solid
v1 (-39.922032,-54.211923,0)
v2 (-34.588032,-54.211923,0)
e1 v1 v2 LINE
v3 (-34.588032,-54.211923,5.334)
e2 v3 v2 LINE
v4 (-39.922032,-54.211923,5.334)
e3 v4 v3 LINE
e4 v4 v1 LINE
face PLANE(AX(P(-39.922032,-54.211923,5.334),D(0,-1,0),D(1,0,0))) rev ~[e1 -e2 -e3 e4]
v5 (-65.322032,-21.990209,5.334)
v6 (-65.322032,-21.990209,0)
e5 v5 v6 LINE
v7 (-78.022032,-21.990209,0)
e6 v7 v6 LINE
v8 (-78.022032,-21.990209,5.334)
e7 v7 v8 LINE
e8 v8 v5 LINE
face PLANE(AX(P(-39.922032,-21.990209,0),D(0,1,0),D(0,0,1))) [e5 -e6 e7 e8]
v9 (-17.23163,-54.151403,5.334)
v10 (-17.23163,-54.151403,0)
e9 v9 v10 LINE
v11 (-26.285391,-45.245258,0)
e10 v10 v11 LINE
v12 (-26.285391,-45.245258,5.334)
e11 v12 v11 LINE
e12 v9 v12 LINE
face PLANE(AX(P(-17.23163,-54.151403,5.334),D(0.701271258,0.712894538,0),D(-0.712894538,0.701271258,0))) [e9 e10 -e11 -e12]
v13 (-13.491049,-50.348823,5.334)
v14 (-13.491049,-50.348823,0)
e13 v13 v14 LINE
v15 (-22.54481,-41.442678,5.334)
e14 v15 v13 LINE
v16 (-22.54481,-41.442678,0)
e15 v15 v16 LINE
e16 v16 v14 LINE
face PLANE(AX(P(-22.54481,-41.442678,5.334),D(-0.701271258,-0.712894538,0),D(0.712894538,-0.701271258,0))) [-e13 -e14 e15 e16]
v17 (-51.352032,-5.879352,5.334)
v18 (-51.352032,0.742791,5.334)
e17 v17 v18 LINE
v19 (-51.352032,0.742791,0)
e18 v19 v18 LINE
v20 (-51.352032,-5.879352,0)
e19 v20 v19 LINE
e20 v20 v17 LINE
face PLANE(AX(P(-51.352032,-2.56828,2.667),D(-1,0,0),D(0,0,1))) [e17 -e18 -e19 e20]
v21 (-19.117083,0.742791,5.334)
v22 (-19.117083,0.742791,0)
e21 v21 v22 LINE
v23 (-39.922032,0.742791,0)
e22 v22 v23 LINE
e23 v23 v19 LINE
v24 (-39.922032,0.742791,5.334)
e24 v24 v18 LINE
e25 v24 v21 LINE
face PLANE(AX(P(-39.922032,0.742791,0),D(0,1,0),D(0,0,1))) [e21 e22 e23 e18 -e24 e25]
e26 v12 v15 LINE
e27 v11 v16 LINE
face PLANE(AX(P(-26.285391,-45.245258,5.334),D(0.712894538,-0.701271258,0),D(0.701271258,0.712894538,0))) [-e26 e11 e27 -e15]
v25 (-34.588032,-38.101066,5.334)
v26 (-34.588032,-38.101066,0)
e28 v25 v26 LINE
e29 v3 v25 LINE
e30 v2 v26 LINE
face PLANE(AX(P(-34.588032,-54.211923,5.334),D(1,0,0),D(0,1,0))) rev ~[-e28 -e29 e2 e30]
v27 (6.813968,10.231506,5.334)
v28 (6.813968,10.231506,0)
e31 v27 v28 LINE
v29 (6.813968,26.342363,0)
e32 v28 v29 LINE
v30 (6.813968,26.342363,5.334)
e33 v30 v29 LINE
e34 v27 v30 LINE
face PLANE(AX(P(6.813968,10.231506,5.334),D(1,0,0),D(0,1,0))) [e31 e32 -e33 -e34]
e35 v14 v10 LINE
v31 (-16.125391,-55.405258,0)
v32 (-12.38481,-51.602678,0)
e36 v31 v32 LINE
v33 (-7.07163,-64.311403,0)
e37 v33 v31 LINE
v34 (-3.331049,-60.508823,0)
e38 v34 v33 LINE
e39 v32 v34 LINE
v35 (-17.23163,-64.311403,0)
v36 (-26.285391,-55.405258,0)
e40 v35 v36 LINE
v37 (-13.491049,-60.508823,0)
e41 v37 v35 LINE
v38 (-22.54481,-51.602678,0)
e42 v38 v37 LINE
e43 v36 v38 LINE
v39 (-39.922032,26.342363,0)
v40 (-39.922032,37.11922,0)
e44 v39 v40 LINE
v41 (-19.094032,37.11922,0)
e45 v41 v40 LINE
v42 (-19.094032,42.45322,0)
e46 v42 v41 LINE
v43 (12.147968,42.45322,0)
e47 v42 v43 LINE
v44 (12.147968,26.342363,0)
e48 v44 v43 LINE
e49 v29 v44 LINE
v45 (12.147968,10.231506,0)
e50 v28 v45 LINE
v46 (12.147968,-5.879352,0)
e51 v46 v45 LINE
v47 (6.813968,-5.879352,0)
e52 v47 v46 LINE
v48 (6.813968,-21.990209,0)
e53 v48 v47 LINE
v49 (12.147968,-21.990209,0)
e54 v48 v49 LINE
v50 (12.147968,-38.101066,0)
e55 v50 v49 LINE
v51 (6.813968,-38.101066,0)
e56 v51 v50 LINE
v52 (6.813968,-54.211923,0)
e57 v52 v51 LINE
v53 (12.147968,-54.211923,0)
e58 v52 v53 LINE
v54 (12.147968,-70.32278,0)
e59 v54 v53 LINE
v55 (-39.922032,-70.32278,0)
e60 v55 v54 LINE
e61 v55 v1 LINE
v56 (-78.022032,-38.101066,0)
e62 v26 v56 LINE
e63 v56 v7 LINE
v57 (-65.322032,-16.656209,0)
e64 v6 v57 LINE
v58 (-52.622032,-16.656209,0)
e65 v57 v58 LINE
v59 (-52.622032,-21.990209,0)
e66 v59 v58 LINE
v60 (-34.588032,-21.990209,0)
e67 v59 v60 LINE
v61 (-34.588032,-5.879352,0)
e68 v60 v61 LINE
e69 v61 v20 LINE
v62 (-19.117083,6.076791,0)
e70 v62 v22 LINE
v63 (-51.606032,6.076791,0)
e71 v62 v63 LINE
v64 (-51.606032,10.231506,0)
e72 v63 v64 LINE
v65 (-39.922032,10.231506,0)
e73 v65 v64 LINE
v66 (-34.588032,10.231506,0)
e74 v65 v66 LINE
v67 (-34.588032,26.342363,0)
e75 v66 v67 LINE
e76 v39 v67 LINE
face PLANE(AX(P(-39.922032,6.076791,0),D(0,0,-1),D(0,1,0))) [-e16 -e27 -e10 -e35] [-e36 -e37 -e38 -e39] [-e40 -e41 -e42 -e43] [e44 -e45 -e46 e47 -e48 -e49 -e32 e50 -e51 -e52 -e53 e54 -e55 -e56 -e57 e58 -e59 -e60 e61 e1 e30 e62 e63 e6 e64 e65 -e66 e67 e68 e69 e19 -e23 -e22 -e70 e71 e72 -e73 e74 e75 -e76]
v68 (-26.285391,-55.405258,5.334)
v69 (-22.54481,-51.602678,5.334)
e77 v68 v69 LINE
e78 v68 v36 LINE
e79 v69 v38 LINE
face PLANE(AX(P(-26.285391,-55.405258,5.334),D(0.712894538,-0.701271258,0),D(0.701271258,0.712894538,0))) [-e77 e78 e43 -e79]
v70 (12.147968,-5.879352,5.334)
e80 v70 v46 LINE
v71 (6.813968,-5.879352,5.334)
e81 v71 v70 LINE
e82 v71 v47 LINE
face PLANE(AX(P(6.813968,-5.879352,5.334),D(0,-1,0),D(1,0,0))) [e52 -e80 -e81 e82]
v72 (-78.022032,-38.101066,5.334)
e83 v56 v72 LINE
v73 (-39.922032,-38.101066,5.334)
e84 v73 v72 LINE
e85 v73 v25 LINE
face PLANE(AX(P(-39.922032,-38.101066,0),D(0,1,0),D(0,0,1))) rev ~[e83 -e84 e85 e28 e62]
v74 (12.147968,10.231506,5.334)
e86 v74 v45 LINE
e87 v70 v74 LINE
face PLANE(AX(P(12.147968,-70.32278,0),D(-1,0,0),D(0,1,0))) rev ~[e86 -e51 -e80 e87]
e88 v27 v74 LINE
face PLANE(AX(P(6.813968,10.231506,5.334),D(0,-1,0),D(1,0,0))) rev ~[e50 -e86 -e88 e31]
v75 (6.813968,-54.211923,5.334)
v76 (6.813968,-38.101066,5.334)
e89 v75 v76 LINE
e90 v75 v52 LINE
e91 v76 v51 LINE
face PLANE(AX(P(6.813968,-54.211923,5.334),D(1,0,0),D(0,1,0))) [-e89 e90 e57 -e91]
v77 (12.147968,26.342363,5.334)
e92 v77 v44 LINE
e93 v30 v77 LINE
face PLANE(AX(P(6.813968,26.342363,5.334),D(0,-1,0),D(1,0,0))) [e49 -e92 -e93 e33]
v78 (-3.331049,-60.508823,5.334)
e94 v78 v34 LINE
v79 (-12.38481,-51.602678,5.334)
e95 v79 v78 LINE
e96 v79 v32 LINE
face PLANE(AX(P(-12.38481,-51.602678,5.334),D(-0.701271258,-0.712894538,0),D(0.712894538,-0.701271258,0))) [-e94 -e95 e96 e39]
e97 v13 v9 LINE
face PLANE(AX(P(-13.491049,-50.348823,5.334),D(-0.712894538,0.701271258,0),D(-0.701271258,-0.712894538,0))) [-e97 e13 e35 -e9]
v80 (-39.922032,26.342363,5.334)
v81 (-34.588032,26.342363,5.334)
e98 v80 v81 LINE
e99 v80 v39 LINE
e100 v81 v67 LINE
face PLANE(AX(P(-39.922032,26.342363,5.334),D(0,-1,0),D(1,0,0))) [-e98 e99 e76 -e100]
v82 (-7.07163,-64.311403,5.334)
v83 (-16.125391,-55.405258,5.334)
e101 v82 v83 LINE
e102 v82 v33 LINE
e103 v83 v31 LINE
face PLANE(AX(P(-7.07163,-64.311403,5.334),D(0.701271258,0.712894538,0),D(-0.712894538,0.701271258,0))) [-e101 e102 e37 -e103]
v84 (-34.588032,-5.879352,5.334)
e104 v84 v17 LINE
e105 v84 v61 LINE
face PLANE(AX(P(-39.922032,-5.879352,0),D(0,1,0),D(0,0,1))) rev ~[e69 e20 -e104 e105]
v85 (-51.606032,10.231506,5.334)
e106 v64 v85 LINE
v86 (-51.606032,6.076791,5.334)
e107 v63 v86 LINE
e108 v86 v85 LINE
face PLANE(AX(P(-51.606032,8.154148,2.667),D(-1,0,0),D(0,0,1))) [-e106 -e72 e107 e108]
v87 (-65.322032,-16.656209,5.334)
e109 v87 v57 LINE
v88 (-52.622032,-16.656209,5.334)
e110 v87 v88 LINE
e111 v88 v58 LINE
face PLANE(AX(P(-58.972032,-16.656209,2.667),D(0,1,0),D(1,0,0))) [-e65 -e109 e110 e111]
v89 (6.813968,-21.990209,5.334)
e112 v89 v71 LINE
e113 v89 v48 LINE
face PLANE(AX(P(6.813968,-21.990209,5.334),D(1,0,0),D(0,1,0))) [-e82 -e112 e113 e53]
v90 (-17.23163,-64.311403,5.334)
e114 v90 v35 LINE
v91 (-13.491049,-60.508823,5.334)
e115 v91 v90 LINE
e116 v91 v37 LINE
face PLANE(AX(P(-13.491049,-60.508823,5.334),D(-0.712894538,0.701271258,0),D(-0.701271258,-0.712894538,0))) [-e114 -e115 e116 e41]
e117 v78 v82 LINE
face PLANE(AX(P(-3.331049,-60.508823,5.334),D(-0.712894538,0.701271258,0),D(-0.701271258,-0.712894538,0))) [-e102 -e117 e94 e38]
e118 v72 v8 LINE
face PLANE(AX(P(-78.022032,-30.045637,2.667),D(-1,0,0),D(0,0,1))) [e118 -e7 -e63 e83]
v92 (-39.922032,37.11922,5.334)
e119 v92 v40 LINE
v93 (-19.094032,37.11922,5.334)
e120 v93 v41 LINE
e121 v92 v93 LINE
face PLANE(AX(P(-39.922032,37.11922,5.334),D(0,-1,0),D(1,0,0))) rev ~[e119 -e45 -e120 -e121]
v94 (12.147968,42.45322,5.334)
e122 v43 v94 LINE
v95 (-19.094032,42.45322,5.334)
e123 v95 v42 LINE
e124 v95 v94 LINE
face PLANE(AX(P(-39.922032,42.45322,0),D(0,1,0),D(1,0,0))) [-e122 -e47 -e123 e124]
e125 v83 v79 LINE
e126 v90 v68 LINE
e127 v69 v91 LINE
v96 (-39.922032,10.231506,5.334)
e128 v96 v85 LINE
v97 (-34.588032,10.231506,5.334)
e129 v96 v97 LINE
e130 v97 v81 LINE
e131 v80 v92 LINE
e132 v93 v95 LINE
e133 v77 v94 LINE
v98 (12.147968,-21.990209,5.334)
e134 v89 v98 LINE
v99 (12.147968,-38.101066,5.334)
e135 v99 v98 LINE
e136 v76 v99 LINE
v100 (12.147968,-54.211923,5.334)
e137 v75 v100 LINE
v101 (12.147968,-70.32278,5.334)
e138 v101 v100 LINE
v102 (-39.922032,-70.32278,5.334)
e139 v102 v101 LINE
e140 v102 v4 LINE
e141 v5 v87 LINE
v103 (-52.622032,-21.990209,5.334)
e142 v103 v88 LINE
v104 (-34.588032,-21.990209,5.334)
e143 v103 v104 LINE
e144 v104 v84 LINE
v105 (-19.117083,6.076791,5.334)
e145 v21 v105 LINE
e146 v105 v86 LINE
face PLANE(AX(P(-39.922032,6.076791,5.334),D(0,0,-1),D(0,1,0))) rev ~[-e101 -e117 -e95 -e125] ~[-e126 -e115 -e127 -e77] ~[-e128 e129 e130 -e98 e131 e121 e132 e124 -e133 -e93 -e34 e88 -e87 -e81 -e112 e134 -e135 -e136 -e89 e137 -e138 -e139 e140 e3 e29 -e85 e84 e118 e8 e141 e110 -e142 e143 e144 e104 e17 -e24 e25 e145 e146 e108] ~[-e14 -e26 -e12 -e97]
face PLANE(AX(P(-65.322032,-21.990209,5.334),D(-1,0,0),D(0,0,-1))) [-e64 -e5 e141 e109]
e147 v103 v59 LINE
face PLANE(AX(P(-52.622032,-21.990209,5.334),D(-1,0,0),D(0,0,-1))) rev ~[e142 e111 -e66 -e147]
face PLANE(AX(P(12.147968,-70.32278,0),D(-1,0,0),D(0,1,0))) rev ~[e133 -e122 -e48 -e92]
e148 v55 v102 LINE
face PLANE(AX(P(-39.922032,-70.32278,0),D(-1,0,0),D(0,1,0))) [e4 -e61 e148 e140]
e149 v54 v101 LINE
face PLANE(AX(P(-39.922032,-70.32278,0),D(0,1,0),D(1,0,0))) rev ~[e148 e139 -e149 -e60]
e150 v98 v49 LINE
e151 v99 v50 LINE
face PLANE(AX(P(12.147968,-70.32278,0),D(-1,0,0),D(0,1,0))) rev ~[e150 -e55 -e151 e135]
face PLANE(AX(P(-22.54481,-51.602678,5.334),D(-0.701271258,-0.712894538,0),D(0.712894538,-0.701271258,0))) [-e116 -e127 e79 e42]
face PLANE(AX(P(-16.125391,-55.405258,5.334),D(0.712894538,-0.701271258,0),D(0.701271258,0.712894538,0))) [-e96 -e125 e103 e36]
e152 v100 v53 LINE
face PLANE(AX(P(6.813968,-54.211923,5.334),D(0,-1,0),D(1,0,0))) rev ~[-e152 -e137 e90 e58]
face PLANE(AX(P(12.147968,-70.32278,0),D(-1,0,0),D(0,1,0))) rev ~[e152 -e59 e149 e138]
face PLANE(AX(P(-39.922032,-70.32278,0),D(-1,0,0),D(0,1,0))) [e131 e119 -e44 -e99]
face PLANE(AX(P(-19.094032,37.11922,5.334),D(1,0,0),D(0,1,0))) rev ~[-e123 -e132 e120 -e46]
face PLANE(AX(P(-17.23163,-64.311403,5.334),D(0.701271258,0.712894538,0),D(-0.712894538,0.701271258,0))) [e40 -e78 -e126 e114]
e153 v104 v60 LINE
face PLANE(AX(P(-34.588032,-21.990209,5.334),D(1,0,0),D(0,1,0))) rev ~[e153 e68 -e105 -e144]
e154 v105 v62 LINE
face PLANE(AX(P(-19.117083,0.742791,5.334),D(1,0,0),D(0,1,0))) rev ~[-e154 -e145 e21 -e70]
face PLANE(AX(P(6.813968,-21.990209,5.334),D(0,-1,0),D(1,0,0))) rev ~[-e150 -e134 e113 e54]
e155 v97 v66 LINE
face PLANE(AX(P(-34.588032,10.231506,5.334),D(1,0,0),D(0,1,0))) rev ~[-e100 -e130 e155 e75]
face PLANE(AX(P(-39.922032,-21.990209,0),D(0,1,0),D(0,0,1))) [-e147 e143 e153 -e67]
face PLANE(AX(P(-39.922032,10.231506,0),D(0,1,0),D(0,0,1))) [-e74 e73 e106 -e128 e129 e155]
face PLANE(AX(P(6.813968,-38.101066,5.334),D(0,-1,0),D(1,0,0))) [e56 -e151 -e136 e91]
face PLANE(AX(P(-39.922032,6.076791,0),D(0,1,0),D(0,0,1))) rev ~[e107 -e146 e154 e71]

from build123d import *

# Parameters (mm, degrees)
SKETCH1_W           = 52.07
SKETCH1_H           = 112.776
BOSS_EXTRUDE1_DEPTH = 5.334
SKETCH2_W           = 5.334
SKETCH2_H           = 16.110857143
SKETCH2_H_2         = 16.110857142
CUT_EXTRUDE1_DEPTH  = 82.040197417
CUT_EXTRUDE2_DEPTH  = 82.040197417
SKETCH5_W           = 5.334
SKETCH5_H           = 16.110857143
BOSS_EXTRUDE2_DEPTH = 38.1
SKETCH6_W           = 12.7
SKETCH6_H           = 5.334
BOSS_EXTRUDE3_DEPTH = 5.334
SKETCH7_W           = 20.804949133
SKETCH7_H           = 5.334
CUT_EXTRUDE4_DEPTH  = 106.172156174
SKETCH8_W           = 5.334
SKETCH8_H           = 6.622142857
BOSS_EXTRUDE4_DEPTH = 11.43
SKETCH9_W           = 20.828
SKETCH9_H           = 5.334
CUT_EXTRUDE5_DEPTH  = 106.172156174
SKETCH10_W          = 5.334
SKETCH10_H          = 4.154714286
BOSS_EXTRUDE5_DEPTH = 11.684


with BuildPart() as part:
    # Sketch1 → Boss-Extrude1 (new body)
    with BuildSketch(Plane.XY):
        with Locations((-13.887031982, -13.934780119)):
            Rectangle(SKETCH1_W, SKETCH1_H)
    extrude(amount=BOSS_EXTRUDE1_DEPTH)

    # Sketch2 → Cut-Extrude1 (cut, through all)
    with BuildSketch(Plane.XY.offset(5.334)):
        with Locations((-37.255031982, 18.286934167)):
            Rectangle(SKETCH2_W, SKETCH2_H)
        with Locations((-37.255031982, -13.93478012)):
            Rectangle(SKETCH2_W, SKETCH2_H)
        with Locations((-37.255031982, -46.156494405)):
            Rectangle(SKETCH2_W, SKETCH2_H_2)
        with Locations((9.480968018, -46.156494405)):
            Rectangle(SKETCH2_W, SKETCH2_H_2)
        with Locations((9.480968018, -13.93478012)):
            Rectangle(SKETCH2_W, SKETCH2_H)
        with Locations((9.480968018, 18.286934167)):
            Rectangle(SKETCH2_W, SKETCH2_H)
    extrude(amount=-CUT_EXTRUDE1_DEPTH, mode=Mode.SUBTRACT)

    # Sketch3 → Cut-Extrude2 (cut, through all)
    with BuildSketch(Plane.XY.offset(5.334)):
        Polygon((-22.544809753, -41.442678073), (-13.491049115, -50.348823048), (-17.231630005, -54.151402516), (-26.285390642, -45.245257541), align=None)
        Polygon((-22.544809753, -51.602678073), (-13.491049115, -60.508823048), (-17.231630005, -64.311402516), (-26.285390642, -55.405257541), align=None)
        Polygon((-12.384809753, -51.602678073), (-3.331049115, -60.508823048), (-7.071630005, -64.311402516), (-16.125390642, -55.405257541), align=None)
    extrude(amount=-CUT_EXTRUDE2_DEPTH, mode=Mode.SUBTRACT)

    # Sketch5 → Boss-Extrude2 (add)
    with BuildSketch(Plane.ZY.offset(39.922031982)):
        with Locations((2.667, -30.045637263)):
            Rectangle(SKETCH5_W, SKETCH5_H)
    extrude(amount=BOSS_EXTRUDE2_DEPTH)

    # Sketch6 → Boss-Extrude3 (add)
    with BuildSketch(Plane(origin=(0, -21.990208691, 0), x_dir=(1, 0, 0), z_dir=(0, 1, 0))):
        with Locations((-58.972031982, -2.667)):
            Rectangle(SKETCH6_W, SKETCH6_H)
    extrude(amount=BOSS_EXTRUDE3_DEPTH)

    # Sketch7 → Cut-Extrude4 (cut, through all)
    with BuildSketch(Plane.XY.offset(5.334)):
        with Locations((-29.519557416, 3.409791309)):
            Rectangle(SKETCH7_W, SKETCH7_H)
    extrude(amount=-CUT_EXTRUDE4_DEPTH, mode=Mode.SUBTRACT)

    # Sketch8 → Boss-Extrude4 (add)
    with BuildSketch(Plane.ZY.offset(39.922031982)):
        with Locations((2.667, -2.56828012)):
            Rectangle(SKETCH8_W, SKETCH8_H)
    extrude(amount=BOSS_EXTRUDE4_DEPTH)

    # Sketch9 → Cut-Extrude5 (cut, through all)
    with BuildSketch(Plane.XY.offset(5.334)):
        with Locations((-29.508031982, 39.786219881)):
            Rectangle(SKETCH9_W, SKETCH9_H)
    extrude(amount=-CUT_EXTRUDE5_DEPTH, mode=Mode.SUBTRACT)

    # Sketch10 → Boss-Extrude5 (add)
    with BuildSketch(Plane.ZY.offset(39.922031982)):
        with Locations((2.667, 8.154148452)):
            Rectangle(SKETCH10_W, SKETCH10_H)
    extrude(amount=BOSS_EXTRUDE5_DEPTH)


solid = part.part
